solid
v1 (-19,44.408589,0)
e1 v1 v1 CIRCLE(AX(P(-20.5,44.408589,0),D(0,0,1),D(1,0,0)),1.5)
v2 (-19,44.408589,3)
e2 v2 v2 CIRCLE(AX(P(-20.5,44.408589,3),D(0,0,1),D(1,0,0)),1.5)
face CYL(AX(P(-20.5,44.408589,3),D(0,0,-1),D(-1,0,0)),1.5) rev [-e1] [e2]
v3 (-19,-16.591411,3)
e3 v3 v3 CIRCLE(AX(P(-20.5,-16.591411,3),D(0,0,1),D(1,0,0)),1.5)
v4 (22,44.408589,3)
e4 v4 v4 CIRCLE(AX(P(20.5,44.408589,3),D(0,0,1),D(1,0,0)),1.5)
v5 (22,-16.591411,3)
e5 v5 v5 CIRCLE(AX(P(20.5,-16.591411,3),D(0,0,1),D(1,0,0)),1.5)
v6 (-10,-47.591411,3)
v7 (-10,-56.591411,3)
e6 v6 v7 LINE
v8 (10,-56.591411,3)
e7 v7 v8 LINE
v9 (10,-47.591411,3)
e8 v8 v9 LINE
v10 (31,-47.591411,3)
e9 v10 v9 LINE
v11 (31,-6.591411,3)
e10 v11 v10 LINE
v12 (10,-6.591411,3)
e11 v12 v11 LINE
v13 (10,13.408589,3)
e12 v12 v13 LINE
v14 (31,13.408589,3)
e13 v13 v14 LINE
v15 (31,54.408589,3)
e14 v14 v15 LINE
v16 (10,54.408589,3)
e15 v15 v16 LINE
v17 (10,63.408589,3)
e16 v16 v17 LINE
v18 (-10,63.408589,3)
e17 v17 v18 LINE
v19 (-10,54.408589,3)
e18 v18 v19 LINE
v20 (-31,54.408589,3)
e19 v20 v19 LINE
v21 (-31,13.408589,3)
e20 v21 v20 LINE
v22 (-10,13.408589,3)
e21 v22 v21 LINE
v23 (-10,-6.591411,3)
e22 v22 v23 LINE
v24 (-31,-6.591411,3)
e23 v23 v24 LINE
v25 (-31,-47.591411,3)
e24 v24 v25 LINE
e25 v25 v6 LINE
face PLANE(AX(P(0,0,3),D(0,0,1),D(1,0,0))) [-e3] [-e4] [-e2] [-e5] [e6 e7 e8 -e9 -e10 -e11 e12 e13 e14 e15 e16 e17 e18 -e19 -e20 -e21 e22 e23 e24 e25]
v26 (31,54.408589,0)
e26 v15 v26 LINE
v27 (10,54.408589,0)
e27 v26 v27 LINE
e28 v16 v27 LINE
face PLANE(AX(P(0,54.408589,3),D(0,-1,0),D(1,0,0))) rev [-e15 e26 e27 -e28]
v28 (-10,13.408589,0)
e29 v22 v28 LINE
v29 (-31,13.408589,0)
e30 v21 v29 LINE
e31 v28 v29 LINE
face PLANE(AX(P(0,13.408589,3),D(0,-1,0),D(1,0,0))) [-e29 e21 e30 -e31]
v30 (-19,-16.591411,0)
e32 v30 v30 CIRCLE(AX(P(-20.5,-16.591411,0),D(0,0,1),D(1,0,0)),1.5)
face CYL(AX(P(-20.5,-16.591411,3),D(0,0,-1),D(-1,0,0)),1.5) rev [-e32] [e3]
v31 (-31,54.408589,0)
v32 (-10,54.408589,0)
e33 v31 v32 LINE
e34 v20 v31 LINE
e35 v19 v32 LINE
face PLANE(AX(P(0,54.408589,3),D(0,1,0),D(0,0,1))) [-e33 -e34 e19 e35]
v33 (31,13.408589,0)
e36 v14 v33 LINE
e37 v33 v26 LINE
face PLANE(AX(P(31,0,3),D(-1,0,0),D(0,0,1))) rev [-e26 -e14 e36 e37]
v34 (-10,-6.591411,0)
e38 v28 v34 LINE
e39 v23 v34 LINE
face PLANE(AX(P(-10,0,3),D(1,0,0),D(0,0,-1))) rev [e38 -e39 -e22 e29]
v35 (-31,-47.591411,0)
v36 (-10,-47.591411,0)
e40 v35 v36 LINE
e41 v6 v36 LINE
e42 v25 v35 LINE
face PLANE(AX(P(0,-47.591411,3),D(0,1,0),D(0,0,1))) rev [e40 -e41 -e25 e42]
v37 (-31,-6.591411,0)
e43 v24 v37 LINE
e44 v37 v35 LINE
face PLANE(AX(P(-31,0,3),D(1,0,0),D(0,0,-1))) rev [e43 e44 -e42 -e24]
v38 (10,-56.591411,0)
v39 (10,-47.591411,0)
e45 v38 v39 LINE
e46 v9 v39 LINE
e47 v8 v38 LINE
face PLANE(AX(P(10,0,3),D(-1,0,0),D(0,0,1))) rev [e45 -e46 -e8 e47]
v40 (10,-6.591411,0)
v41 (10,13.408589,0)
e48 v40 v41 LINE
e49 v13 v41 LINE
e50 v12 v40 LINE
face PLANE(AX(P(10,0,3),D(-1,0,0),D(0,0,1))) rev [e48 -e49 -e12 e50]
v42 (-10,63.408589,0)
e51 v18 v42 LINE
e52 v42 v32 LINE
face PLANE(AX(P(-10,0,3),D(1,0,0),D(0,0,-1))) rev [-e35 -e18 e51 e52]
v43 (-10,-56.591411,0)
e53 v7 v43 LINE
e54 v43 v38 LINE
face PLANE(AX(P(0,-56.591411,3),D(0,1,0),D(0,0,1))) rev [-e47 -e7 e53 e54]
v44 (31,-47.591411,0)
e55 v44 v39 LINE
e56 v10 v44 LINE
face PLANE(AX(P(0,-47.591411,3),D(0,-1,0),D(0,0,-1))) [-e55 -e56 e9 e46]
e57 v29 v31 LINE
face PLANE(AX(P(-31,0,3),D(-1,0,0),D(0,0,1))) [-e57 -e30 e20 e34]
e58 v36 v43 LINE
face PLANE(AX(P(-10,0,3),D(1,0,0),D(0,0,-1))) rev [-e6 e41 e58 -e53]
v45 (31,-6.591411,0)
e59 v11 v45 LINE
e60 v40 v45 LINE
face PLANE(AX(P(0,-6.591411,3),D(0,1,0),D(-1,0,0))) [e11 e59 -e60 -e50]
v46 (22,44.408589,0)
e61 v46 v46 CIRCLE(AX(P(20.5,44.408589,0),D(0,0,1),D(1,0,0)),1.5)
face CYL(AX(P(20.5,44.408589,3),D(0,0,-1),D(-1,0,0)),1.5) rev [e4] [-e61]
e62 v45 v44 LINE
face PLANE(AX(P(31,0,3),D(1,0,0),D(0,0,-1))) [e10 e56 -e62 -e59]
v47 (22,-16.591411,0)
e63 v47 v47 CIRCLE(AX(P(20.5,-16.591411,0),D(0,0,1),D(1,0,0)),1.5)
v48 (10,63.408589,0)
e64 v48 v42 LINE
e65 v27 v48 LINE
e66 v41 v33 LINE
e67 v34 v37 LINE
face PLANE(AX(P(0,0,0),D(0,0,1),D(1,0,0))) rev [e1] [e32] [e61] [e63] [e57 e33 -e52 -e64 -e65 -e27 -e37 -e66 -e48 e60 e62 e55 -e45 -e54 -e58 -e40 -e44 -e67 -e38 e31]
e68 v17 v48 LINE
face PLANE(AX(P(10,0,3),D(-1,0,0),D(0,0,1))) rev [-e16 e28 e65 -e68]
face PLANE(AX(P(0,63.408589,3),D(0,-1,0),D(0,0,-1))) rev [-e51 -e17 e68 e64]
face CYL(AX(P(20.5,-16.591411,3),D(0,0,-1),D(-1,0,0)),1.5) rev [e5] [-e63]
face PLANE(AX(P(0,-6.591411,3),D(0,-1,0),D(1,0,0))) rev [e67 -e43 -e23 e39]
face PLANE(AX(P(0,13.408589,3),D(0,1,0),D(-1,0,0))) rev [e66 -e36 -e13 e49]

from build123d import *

# Parameters (mm, degrees)
CROQUIS2_R              = 1.5
SALIENTE_EXTRUIR1_DEPTH = 3


with BuildPart() as part:
    # Croquis2 → Saliente-Extruir1 (new body)
    with BuildSketch(Plane.XY):
        Polygon((-10, -56.591411495), (10, -56.591411495), (10, -47.591411495), (31, -47.591411495), (31, -6.591411495), (10, -6.591411495), (10, 13.408588505), (31, 13.408588505), (31, 54.408588505), (10, 54.408588505), (10, 63.408588505), (-10, 63.408588505), (-10, 54.408588505), (-31, 54.408588505), (-31, 13.408588505), (-10, 13.408588505), (-10, -6.591411495), (-31, -6.591411495), (-31, -47.591411495), (-10, -47.591411495), align=None)
        with Locations((-20.5, -16.591411495)):
            Circle(CROQUIS2_R, mode=Mode.SUBTRACT)
        with Locations((-20.5, 44.408588505)):
            Circle(CROQUIS2_R, mode=Mode.SUBTRACT)
        with Locations((20.5, 44.408588505)):
            Circle(CROQUIS2_R, mode=Mode.SUBTRACT)
        with Locations((20.5, -16.591411495)):
            Circle(CROQUIS2_R, mode=Mode.SUBTRACT)
    extrude(amount=SALIENTE_EXTRUIR1_DEPTH)


solid = part.part
